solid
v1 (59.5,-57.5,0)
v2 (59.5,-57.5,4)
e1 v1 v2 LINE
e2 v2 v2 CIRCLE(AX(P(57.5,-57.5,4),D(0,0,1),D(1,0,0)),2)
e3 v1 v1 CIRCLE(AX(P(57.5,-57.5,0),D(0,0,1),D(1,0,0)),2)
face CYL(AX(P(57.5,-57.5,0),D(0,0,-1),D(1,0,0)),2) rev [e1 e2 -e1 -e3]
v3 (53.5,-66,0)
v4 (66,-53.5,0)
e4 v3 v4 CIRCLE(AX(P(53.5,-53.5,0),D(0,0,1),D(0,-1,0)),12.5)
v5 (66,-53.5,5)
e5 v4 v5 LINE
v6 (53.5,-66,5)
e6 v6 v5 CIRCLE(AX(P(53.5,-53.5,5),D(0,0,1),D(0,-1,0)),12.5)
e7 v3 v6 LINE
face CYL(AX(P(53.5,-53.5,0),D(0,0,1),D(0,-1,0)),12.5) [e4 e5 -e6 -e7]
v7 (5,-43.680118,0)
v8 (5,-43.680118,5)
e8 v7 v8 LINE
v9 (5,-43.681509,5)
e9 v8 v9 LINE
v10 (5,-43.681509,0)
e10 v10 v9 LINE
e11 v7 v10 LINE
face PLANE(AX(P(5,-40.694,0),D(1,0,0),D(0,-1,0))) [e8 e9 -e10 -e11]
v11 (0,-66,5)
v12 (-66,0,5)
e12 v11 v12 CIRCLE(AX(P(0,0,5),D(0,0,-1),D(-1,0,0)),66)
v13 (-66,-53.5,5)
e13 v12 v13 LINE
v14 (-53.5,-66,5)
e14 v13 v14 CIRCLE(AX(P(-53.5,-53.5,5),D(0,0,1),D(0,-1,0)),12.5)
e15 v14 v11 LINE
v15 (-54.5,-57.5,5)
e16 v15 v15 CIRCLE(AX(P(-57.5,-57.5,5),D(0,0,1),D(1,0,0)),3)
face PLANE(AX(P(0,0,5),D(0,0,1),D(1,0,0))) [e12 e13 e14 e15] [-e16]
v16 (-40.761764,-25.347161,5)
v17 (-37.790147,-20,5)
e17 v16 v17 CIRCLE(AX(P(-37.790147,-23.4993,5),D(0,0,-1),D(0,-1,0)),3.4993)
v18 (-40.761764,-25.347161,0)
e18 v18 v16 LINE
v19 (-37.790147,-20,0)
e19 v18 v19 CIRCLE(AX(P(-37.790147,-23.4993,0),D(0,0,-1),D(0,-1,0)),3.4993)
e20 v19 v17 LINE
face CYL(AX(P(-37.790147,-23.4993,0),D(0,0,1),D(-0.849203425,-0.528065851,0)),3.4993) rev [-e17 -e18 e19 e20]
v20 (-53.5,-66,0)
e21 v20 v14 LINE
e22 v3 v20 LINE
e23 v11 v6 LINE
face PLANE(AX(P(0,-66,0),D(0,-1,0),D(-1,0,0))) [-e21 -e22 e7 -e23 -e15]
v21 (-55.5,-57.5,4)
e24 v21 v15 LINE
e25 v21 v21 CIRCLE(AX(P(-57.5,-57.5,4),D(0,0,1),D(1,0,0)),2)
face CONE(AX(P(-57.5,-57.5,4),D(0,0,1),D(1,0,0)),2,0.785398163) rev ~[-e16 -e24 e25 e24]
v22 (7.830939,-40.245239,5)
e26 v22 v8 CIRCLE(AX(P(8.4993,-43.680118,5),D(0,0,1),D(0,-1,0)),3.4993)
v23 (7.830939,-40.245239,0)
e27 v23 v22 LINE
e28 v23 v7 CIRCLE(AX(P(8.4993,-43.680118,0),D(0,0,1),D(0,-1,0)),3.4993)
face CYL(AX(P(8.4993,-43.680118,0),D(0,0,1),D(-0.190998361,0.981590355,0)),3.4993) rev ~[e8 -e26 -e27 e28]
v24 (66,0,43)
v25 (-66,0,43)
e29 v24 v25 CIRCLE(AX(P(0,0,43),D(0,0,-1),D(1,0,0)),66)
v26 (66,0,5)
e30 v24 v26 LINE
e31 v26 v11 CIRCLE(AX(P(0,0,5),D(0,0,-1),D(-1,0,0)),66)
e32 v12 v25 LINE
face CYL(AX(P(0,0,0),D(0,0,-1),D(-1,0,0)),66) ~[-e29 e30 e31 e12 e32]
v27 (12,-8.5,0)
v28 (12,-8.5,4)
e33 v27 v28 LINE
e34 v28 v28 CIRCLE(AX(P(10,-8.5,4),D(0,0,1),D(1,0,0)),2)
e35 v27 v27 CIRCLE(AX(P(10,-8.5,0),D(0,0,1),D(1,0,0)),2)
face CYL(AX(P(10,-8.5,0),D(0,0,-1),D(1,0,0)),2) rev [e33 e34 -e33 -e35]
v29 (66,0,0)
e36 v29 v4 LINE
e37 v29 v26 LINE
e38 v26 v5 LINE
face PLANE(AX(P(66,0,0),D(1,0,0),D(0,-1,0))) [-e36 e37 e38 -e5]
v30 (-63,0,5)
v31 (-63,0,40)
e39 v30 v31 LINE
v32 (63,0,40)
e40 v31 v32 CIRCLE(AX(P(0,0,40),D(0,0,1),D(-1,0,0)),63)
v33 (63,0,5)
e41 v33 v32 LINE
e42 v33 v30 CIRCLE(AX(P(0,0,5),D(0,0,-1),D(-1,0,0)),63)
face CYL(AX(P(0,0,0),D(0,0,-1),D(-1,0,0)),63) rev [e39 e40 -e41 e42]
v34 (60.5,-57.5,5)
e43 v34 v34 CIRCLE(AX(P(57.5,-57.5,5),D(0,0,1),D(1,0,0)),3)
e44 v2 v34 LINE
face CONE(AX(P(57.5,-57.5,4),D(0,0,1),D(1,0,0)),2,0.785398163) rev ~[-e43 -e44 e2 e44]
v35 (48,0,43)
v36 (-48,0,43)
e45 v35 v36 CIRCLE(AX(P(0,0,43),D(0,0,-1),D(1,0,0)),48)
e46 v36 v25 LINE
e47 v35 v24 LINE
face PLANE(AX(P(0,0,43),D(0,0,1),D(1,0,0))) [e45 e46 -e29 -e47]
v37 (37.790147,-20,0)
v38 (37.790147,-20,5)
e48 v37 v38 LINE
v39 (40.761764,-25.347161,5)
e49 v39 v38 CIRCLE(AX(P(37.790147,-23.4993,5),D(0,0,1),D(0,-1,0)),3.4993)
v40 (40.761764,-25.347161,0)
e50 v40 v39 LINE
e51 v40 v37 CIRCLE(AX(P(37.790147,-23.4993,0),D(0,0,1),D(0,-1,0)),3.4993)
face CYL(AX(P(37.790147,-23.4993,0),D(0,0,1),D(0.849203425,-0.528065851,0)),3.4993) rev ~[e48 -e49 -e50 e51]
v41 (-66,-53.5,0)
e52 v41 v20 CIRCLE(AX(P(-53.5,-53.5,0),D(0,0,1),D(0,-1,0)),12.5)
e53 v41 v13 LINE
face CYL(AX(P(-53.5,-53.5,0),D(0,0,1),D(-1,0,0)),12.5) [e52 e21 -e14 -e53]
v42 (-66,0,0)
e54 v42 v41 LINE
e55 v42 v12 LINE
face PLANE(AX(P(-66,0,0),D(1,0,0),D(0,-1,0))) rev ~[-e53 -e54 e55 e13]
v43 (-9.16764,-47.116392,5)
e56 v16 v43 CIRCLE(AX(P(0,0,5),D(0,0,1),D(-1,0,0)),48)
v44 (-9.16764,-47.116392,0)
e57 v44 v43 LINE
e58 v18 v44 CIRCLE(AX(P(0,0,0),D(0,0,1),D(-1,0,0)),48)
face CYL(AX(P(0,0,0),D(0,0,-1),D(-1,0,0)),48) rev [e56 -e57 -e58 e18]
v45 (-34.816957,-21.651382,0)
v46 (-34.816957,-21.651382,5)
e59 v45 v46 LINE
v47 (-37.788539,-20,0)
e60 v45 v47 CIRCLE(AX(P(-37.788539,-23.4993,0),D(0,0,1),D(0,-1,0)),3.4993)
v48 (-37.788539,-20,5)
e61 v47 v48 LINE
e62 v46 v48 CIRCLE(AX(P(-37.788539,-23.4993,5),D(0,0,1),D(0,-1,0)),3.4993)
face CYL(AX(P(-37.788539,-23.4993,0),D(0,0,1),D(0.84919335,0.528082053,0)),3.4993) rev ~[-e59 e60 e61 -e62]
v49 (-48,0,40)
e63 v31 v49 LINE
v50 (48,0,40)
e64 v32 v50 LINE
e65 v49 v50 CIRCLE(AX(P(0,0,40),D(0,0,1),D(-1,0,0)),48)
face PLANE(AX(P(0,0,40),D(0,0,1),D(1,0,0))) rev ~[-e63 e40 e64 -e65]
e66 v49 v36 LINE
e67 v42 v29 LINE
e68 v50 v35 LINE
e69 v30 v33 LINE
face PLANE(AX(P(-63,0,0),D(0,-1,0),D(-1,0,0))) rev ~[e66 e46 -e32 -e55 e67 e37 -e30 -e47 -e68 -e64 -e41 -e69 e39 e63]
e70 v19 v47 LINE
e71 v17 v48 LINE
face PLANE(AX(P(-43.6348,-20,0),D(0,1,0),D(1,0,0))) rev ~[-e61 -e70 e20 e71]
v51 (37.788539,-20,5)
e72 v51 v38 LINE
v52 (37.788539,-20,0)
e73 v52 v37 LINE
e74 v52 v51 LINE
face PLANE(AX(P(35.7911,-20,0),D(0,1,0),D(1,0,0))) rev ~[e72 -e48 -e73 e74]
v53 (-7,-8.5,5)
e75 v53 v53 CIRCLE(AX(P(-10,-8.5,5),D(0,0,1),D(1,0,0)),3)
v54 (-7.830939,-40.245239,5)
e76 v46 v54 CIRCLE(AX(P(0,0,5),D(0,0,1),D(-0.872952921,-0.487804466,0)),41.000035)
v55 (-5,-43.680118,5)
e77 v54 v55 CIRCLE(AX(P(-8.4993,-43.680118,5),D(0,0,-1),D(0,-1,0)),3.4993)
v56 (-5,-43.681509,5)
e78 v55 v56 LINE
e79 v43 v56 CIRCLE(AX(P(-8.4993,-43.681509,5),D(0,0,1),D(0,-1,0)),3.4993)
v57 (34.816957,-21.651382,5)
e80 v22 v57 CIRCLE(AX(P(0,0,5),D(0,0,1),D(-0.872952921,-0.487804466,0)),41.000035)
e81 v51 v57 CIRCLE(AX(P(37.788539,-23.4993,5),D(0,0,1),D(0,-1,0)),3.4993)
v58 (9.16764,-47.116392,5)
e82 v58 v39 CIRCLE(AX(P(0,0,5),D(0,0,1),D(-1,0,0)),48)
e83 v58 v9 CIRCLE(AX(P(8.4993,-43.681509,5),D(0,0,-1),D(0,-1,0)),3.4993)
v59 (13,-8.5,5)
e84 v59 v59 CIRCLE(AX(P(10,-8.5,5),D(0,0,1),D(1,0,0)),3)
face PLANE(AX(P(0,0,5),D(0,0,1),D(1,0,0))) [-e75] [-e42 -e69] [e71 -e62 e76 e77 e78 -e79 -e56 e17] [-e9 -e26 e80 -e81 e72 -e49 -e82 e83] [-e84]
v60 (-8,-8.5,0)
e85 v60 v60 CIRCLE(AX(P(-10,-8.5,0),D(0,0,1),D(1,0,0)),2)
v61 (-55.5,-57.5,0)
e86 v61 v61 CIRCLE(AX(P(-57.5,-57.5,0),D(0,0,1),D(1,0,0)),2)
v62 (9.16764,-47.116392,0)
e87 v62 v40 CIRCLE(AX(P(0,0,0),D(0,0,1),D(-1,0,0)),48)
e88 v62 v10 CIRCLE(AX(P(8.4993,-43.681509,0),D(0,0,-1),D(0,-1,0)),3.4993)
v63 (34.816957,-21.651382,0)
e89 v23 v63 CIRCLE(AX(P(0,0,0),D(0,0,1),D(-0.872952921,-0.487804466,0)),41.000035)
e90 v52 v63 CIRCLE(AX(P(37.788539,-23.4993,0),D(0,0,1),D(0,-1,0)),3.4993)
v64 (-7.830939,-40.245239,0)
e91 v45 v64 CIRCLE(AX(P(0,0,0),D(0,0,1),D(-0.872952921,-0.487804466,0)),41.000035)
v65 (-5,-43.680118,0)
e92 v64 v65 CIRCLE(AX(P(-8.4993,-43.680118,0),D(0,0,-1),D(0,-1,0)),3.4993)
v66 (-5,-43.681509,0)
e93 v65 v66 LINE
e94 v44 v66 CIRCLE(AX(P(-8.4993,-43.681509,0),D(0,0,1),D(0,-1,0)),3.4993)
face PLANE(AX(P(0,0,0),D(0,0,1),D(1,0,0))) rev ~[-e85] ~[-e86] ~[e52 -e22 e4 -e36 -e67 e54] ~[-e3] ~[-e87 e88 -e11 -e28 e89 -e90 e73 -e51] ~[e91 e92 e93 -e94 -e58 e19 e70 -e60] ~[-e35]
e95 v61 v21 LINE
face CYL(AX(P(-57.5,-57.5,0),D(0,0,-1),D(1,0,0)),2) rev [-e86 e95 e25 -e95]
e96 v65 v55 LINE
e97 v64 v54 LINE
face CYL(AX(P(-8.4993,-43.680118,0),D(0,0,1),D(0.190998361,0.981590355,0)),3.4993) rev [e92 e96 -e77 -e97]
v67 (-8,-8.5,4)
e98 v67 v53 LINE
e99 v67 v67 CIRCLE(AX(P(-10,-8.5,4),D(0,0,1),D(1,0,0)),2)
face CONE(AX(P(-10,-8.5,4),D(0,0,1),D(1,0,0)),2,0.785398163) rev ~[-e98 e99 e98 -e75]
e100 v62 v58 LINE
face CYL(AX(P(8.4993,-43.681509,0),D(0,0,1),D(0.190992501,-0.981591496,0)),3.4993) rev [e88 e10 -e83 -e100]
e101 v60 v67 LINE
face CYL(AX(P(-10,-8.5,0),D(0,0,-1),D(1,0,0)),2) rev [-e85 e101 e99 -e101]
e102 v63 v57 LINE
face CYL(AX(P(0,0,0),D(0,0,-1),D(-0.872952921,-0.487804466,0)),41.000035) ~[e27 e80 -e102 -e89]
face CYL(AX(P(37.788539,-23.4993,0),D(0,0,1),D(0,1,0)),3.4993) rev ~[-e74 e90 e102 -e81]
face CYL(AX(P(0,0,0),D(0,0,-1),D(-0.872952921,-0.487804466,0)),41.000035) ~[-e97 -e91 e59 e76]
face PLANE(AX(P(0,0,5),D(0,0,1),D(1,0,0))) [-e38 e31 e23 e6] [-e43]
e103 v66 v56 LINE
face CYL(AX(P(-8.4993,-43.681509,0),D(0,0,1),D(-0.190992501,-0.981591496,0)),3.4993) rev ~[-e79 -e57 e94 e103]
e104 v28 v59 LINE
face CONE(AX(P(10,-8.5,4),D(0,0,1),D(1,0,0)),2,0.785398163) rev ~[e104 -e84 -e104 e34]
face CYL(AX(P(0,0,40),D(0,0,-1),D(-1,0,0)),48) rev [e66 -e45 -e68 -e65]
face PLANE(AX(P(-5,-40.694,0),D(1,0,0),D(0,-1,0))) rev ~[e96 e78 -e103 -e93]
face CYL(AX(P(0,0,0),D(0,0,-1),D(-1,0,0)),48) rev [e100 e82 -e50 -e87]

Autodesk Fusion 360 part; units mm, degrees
sketch "Sketch1" plane through (0, 0, 0) normal (0, 0, 1) x (1, 0, 0)
  line L0 (66, 0) -> (-66, 0)
  arc A0 (-66, 0) -> (66, 0) centre (0, 0) ccw
  arc A1 (-63, 0) -> (63, 0) centre (0, 0) ccw
  line L1 (0, -66) -> (-66, -66)
  line L2 (-66, 0) -> (-66, -66)
  circle A2 centre (-57.5, -57.5) radius 2
  line L3 (0, 1.75) -> (0, 22.5)
  line L4 (66, 0) -> (66, -66)
  circle A3 centre (57.5, -57.5) radius 2
  line L5 (0, -66) -> (66, -66)
  arc A4 (-48, 0) -> (48, 0) centre (0, 0) ccw
  circle A5 centre (-10, -8.5) radius 2
  circle A6 centre (10, -8.5) radius 2
  arc A7 (-35.7911, -20) -> (35.7911, -20) centre (0, 0) ccw
  line L6 (-43.6348, -20) -> (-35.7911, -20)
  line L7 (35.7911, -20) -> (43.6348, -20)
  line L8 (-5, -40.694) -> (-5, -47.7389)
  line L9 (5, -40.694) -> (5, -47.7389)
  dimension "d2" = 126
  dimension "d4" = 4
  dimension "d7" = -15
  dimension "d9" = 4
  dimension "d10" = 4
  dimension "d11" = 8.5
  dimension "d12" = 8.5
  dimension "d13" = 56
  dimension "d14" = 56
extrude "Extrude1" add sketch "Sketch1" along normal blind 5 contours L0 A0 A1 | A0 L4 L5 | L0 A1 A4 | A0 L1 L2 | L0 A4 A7 L6 L7 | A4 A7 L8 L9
fillet "Fillet2" radius 3.5 8 edges at (35.7911, -20, 2.5) (43.6348, -20, 2.5) (5, -47.7389, 2.5) (5, -40.694, 2.5) (-43.6348, -20, 2.5) (-35.7911, -20, 2.5) (-5, -40.694, 2.5) (-5, -47.7389, 2.5)
extrude "Extrude2" add sketch "Sketch1" along normal blind 40 contours L0 A0 A1
extrude "Extrude3" add sketch "Sketch1" along normal blind 43 and the other way blind -40 contours L0 A0 A1 | L0 A1 A4
fillet "Fillet1" radius 12.5 2 edges at (-66, -66, 2.5) (66, -66, 2.5)
chamfer "Chamfer1" distance 1 angle 45 4 edges at (-11.8647, -7.7768, 5) (8.1353, -7.7768, 5) (-59.3647, -56.7768, 5) (55.6353, -56.7768, 5)
